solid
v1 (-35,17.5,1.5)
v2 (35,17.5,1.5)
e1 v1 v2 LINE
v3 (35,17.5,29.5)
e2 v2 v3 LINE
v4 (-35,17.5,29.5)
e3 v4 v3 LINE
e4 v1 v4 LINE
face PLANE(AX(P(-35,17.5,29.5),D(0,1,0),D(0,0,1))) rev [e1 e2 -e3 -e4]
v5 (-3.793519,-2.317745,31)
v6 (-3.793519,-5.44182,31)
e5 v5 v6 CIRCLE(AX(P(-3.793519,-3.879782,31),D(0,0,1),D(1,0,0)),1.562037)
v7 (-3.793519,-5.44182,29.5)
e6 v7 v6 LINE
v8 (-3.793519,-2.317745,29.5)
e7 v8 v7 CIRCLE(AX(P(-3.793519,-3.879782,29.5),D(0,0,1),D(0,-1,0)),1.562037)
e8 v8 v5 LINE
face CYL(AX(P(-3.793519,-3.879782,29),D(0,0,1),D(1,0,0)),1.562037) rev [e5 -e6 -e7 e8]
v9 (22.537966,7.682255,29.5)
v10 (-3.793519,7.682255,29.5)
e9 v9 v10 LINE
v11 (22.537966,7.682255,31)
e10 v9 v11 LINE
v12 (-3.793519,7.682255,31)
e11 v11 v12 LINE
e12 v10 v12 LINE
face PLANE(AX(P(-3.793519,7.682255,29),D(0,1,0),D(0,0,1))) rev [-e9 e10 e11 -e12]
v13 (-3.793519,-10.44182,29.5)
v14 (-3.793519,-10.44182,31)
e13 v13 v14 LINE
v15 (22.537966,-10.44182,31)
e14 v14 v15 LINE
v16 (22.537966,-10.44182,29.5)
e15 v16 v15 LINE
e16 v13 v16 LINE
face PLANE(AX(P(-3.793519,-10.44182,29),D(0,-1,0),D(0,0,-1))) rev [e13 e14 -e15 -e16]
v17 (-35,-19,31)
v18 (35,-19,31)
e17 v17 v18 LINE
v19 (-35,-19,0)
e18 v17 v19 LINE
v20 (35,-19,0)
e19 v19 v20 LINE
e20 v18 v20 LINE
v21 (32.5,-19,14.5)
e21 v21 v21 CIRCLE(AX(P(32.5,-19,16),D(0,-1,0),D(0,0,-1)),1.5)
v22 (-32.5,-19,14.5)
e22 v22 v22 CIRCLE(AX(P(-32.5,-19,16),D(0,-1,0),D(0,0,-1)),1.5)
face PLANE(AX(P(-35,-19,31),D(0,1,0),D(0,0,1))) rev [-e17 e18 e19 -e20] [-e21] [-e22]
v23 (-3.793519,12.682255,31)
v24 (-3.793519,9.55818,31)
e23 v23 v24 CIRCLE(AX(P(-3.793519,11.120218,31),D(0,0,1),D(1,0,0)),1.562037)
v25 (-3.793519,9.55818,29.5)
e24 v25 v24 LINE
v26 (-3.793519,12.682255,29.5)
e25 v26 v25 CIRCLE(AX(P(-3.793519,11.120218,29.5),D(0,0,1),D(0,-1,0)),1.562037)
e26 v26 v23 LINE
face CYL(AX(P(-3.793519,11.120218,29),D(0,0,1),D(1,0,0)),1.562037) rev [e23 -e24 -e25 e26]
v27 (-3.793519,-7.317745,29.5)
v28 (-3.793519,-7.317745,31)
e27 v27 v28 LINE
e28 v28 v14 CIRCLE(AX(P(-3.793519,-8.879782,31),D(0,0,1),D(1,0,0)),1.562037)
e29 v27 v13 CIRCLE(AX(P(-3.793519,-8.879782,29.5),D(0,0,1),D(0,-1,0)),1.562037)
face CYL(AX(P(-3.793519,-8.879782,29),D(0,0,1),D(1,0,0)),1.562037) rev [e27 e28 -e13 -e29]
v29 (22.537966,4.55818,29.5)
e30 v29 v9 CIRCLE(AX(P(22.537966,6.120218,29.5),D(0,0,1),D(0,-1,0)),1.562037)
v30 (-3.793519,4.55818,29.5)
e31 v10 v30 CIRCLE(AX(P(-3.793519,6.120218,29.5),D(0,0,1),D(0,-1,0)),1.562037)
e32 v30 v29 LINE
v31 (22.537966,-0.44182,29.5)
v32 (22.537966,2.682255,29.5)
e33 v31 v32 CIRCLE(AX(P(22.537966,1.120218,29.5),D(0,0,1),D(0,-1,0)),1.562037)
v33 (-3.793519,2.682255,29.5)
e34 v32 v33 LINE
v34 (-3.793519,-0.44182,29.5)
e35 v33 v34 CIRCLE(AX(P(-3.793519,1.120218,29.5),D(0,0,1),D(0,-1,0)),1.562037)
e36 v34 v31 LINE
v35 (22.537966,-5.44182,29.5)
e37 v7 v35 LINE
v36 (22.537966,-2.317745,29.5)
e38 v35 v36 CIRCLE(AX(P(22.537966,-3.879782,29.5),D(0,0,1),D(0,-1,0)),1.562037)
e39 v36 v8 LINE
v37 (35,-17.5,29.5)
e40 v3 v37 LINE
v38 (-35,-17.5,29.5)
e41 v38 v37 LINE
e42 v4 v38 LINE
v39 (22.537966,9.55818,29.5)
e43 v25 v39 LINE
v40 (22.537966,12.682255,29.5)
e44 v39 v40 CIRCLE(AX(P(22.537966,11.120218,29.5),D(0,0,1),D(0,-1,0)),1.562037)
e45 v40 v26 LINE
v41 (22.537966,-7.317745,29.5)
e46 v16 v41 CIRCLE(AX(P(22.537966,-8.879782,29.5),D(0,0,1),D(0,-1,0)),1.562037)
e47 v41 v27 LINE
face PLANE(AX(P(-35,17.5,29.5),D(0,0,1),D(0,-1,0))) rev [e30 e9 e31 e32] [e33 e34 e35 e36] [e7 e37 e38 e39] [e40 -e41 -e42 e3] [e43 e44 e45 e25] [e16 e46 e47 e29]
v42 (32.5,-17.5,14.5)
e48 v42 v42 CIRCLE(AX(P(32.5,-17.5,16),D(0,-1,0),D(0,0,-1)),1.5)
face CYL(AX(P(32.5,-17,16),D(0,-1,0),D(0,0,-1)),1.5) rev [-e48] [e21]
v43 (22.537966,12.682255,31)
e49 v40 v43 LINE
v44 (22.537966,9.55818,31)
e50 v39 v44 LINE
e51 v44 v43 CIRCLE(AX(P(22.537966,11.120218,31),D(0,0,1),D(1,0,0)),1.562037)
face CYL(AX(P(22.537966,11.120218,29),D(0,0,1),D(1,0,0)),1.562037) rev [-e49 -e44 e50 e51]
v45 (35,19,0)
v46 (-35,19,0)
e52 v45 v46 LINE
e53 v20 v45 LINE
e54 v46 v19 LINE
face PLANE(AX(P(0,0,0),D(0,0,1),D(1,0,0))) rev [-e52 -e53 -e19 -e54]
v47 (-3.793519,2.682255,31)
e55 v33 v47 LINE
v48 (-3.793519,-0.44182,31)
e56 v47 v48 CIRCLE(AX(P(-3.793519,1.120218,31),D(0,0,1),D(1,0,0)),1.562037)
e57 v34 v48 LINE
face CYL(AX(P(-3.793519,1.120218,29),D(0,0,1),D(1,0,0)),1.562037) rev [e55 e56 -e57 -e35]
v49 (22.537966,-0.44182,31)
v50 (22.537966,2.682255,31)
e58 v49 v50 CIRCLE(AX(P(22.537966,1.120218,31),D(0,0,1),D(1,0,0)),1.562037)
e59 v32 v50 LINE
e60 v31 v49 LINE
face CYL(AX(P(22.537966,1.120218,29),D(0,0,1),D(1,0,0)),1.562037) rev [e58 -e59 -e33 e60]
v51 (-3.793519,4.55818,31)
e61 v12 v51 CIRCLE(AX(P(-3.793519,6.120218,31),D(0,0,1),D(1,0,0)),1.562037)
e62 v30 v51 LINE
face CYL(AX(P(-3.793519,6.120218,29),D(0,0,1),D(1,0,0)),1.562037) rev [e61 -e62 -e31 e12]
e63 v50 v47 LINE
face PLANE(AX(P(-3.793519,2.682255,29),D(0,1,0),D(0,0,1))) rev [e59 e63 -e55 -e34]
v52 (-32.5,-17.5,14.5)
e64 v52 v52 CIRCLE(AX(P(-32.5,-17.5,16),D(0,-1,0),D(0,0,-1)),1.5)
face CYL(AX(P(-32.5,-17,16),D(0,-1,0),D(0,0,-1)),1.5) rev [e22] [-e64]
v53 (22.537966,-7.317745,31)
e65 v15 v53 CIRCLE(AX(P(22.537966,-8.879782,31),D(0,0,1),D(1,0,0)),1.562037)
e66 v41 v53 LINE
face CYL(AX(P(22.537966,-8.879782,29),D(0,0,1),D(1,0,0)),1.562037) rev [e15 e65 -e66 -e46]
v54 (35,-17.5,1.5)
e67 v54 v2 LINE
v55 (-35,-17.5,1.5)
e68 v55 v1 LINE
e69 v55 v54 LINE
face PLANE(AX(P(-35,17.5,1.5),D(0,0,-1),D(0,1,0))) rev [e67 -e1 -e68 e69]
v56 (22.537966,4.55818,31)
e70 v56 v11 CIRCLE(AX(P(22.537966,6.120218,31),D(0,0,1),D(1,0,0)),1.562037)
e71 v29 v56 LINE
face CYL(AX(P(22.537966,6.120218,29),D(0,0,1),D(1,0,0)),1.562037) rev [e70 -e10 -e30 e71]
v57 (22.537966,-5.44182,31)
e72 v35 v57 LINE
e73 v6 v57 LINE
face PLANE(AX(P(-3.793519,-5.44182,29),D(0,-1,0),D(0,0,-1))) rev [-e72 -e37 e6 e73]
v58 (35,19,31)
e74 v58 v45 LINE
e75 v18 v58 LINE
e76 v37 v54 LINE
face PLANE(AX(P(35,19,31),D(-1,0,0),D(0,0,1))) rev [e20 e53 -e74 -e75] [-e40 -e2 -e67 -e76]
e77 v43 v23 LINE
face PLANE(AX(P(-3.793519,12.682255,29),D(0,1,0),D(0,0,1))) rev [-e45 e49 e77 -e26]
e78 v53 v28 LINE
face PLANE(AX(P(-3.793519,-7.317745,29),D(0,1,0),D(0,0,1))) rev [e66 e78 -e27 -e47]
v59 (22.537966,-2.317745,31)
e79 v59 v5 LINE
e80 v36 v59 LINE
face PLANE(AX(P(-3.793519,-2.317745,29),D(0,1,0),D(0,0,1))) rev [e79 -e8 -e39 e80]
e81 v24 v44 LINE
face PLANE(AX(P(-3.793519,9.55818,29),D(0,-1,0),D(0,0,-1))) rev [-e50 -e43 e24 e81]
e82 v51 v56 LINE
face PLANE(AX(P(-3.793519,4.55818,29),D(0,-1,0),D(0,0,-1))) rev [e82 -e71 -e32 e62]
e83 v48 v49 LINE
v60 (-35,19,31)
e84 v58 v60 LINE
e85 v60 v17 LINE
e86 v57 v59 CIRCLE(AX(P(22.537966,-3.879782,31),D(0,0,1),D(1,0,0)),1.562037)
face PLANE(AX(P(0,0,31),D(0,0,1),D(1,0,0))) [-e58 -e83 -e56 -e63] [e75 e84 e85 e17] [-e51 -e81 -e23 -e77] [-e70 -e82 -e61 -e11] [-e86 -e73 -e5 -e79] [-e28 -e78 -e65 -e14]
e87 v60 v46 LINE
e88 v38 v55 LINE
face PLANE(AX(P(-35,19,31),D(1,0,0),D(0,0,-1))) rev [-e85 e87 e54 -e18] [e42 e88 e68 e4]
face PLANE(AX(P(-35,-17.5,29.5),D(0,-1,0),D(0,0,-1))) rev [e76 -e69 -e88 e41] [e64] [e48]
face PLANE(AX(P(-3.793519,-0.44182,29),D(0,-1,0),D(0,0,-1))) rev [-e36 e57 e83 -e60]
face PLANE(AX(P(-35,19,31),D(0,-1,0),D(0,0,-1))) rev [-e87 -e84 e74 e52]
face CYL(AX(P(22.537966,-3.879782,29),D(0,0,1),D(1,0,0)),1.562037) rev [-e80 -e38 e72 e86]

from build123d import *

# Parameters (mm, degrees)
SKETCH_1_W          = 70
SKETCH_1_H          = 38
EXTRUDE_1_DEPTH     = 31
SKETCH_2_W          = 28
SKETCH_2_H          = 35
CUT_EXTRUDE_1_DEPTH = 71
CUT_EXTRUDE_3_DEPTH = 2
SKETCH_5_R          = 1.5
CUT_EXTRUDE_4_DEPTH = 2


with BuildPart() as part:
    # 草图1 → 凸台-拉伸1 (new body)
    with BuildSketch(Plane.XY):
        Rectangle(SKETCH_1_W, SKETCH_1_H)
    extrude(amount=EXTRUDE_1_DEPTH)

    # 草图2 → 切除-拉伸1 (cut, through all)
    with BuildSketch(Plane(origin=(35, 0, 0), x_dir=(0, 0, -1), z_dir=(1, 0, 0))):
        with Locations((-15.5, 0)):
            Rectangle(SKETCH_2_W, SKETCH_2_H)
    extrude(amount=-CUT_EXTRUDE_1_DEPTH, mode=Mode.SUBTRACT)

    # 草图4 → 切除-拉伸3 (cut)
    with BuildSketch(Plane.XY.offset(31)):
        with BuildLine():
            Line((-3.793519022, 12.68225477), (22.537965955, 12.68225477))
            ThreePointArc((22.537965955, 12.68225477), (24.1000032, 11.120217526), (22.537965955, 9.558180281))
            Line((22.537965955, 9.558180281), (-3.793519022, 9.558180281))
            ThreePointArc((-3.793519022, 9.558180281), (-5.355556267, 11.120217526), (-3.793519022, 12.68225477))
        make_face()
        with BuildLine():
            Line((-3.793519022, 4.558180281), (22.537965955, 4.558180281))
            ThreePointArc((22.537965955, 4.558180281), (24.1000032, 6.120217526), (22.537965955, 7.68225477))
            Line((22.537965955, 7.68225477), (-3.793519022, 7.68225477))
            ThreePointArc((-3.793519022, 7.68225477), (-5.355556267, 6.120217526), (-3.793519022, 4.558180281))
        make_face()
        with BuildLine():
            Line((-3.793519022, -0.441819719), (22.537965955, -0.441819719))
            ThreePointArc((22.537965955, -0.441819719), (24.1000032, 1.120217526), (22.537965955, 2.68225477))
            Line((22.537965955, 2.68225477), (-3.793519022, 2.68225477))
            ThreePointArc((-3.793519022, 2.68225477), (-5.355556267, 1.120217526), (-3.793519022, -0.441819719))
        make_face()
        with BuildLine():
            Line((-3.793519022, -5.441819719), (22.537965955, -5.441819719))
            ThreePointArc((22.537965955, -5.441819719), (24.1000032, -3.879782474), (22.537965955, -2.31774523))
            Line((22.537965955, -2.31774523), (-3.793519022, -2.31774523))
            ThreePointArc((-3.793519022, -2.31774523), (-5.355556267, -3.879782474), (-3.793519022, -5.441819719))
        make_face()
        with BuildLine():
            Line((-3.793519022, -10.441819719), (22.537965955, -10.441819719))
            ThreePointArc((22.537965955, -10.441819719), (24.1000032, -8.879782474), (22.537965955, -7.31774523))
            Line((22.537965955, -7.31774523), (-3.793519022, -7.31774523))
            ThreePointArc((-3.793519022, -7.31774523), (-5.355556267, -8.879782474), (-3.793519022, -10.441819719))
        make_face()
    extrude(amount=-CUT_EXTRUDE_3_DEPTH, mode=Mode.SUBTRACT)

    # 草图5 → 切除-拉伸4 (cut)
    with BuildSketch(Plane.XZ.offset(19)):
        with Locations((-32.5, 16)):
            Circle(SKETCH_5_R)
        with Locations((32.5, 16)):
            Circle(SKETCH_5_R)
    extrude(amount=-CUT_EXTRUDE_4_DEPTH, mode=Mode.SUBTRACT)


solid = part.part
